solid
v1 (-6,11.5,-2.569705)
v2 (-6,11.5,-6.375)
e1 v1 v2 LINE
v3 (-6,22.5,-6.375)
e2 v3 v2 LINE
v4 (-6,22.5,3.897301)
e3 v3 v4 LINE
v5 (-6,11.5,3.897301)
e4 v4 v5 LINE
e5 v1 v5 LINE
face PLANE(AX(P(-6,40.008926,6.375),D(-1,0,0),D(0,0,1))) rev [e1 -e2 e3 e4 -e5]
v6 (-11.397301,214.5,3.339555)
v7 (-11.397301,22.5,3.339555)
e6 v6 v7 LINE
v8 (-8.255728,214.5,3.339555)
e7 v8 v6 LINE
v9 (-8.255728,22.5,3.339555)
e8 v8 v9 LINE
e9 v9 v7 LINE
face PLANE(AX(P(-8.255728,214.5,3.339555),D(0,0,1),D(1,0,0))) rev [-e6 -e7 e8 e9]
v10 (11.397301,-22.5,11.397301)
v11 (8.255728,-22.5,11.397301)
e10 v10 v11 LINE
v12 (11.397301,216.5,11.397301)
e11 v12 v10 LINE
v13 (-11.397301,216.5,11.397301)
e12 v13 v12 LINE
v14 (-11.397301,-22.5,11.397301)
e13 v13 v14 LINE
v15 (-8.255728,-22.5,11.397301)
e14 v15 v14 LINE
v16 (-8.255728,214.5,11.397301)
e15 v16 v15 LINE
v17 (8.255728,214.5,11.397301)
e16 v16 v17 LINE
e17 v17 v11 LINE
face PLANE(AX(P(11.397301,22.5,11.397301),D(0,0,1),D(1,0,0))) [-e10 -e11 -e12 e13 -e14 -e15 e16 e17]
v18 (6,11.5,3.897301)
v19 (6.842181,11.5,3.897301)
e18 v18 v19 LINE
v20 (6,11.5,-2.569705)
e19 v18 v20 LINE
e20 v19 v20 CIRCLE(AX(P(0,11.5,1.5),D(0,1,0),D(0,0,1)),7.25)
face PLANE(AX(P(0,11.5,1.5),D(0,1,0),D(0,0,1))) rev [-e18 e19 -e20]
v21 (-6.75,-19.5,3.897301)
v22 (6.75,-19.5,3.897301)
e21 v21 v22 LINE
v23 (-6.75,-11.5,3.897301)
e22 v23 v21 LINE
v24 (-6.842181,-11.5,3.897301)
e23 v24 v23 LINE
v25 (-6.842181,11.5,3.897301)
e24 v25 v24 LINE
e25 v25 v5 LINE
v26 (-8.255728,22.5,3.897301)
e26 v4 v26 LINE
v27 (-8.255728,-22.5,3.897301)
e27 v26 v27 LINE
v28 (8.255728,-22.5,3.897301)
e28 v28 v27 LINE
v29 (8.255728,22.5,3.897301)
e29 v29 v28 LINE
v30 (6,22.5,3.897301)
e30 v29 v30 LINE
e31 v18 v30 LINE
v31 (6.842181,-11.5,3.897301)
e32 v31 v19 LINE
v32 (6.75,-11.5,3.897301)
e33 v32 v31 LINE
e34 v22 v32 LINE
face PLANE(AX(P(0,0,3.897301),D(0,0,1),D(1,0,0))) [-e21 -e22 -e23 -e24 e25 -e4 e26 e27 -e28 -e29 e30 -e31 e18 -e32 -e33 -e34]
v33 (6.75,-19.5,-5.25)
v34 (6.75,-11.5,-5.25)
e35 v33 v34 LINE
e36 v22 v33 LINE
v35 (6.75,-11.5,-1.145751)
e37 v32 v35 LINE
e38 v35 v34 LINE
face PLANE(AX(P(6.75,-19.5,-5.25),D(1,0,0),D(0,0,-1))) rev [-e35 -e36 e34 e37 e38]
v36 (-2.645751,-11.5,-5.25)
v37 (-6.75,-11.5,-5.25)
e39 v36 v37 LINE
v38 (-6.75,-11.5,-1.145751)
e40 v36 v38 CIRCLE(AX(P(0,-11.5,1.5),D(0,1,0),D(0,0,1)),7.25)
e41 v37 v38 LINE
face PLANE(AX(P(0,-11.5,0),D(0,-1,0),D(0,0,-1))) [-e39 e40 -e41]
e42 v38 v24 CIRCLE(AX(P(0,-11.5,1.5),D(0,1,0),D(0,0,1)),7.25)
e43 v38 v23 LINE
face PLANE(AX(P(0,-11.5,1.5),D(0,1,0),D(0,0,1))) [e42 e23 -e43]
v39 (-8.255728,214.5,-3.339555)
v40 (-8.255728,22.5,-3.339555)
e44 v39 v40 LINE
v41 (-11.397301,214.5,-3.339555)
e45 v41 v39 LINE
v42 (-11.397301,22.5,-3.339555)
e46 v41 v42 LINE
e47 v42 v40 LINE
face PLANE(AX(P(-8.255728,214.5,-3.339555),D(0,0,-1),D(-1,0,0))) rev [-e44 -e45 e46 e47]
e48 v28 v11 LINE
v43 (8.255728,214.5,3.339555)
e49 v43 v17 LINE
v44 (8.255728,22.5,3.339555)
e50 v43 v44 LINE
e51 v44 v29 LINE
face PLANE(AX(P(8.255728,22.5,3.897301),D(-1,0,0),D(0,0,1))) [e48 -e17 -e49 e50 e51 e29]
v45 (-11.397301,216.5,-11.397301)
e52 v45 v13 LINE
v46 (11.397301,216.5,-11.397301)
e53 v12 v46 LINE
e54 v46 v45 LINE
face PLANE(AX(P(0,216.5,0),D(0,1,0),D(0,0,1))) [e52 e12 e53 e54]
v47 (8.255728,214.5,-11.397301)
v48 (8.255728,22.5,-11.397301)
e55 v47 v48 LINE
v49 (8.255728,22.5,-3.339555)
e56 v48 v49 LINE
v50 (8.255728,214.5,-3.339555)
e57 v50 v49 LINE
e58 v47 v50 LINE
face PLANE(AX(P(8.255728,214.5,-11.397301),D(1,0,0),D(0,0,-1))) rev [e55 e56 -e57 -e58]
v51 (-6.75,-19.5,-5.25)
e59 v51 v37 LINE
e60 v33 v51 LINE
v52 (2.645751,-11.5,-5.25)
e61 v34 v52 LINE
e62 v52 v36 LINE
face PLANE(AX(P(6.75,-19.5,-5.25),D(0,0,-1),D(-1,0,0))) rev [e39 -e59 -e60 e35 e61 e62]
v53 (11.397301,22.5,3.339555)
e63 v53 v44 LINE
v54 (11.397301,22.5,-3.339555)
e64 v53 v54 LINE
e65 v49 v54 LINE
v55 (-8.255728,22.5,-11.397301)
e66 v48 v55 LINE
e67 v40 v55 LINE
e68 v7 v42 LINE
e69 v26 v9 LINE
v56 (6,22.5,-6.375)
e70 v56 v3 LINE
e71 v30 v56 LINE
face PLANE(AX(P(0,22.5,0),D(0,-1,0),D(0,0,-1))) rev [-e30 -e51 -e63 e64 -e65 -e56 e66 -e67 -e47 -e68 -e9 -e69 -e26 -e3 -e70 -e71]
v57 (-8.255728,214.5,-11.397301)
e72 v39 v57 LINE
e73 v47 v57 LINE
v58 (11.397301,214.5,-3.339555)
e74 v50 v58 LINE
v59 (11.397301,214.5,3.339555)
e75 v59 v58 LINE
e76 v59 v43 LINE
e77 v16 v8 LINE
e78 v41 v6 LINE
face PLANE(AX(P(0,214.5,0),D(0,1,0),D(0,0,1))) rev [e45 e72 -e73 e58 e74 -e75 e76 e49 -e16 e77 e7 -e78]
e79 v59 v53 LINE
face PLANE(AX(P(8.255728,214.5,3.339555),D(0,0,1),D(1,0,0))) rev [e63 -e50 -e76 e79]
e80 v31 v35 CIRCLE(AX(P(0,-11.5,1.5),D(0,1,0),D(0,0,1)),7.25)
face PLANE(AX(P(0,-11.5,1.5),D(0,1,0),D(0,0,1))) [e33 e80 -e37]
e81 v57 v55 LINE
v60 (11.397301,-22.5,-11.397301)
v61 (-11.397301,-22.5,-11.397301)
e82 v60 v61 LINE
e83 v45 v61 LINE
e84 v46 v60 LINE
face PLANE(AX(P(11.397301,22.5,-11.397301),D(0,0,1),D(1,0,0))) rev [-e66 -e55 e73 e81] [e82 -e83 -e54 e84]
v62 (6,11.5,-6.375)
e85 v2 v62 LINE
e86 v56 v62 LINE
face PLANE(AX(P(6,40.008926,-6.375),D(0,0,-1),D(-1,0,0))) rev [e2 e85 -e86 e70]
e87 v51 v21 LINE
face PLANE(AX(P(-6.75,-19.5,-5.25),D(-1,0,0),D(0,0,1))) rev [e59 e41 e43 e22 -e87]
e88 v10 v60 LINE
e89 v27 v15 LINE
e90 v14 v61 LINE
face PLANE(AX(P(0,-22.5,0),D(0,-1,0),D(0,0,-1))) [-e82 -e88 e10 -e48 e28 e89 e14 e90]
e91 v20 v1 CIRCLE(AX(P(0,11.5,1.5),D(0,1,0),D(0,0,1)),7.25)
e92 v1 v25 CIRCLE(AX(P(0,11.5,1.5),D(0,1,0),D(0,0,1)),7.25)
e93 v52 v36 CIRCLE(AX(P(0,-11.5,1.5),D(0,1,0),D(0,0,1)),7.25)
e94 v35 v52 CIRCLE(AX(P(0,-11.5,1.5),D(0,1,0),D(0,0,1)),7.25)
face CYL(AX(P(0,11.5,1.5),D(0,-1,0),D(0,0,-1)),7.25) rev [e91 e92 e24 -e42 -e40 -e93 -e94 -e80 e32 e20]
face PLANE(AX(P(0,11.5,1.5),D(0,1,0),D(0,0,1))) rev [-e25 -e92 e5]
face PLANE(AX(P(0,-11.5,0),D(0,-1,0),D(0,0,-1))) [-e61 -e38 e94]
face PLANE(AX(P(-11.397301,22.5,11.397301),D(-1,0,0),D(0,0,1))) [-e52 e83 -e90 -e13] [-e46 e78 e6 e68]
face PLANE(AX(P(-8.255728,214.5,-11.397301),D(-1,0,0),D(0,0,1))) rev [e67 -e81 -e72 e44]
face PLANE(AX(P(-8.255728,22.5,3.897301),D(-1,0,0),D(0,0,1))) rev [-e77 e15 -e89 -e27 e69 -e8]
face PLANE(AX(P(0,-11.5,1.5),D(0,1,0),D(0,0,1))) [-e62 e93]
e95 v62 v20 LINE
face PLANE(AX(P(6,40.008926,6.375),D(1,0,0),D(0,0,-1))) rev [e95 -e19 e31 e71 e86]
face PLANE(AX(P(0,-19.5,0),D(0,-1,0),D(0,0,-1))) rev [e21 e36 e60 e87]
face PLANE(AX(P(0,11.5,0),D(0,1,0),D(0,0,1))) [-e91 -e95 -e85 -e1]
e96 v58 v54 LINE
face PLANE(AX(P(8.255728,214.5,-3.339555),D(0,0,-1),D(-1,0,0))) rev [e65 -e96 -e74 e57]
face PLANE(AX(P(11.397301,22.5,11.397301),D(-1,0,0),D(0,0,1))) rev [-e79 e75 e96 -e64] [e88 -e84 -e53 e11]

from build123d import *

# Parameters (mm, degrees)
SKETCH1_W           = 22.794602658
SKETCH1_H           = 22.794602658
BOSS_EXTRUDE1_DEPTH = 22.5
SKETCH2_R           = 7.25
CUT_EXTRUDE1_DEPTH  = 11.5
SKETCH4_W           = 16.511455896
SKETCH4_H           = 45
CUT_EXTRUDE2_DEPTH  = 7.5
SKETCH6_W           = 3.141573381
SKETCH6_H           = 8.057746469
BOSS_EXTRUDE2_DEPTH = 192
SKETCH8_W           = 22.794602658
SKETCH8_H           = 22.794602658
BOSS_EXTRUDE3_DEPTH = 2
SKETCH10_W          = 12
SKETCH10_H          = 12.75
CUT_EXTRUDE4_DEPTH  = 11
SKETCH11_W          = 13.5
SKETCH11_H          = 13.5
CUT_EXTRUDE5_DEPTH  = 8


with BuildPart() as part:
    # Sketch1 → Boss-Extrude1 (new, symmetric)
    with BuildSketch(Plane(origin=(0, 0, 0), x_dir=(1, 0, 0), z_dir=(0, 1, 0))):
        Rectangle(SKETCH1_W, SKETCH1_H)
    extrude(amount=BOSS_EXTRUDE1_DEPTH, both=True)

    # Sketch2 → Cut-Extrude1 (cut, symmetric)
    with BuildSketch(Plane(origin=(0, 0, 0), x_dir=(1, 0, 0), z_dir=(0, 1, 0))):
        with Locations(Location((0, -1.5, 0), (0, 0, 270))):
            Circle(SKETCH2_R)
    extrude(amount=CUT_EXTRUDE1_DEPTH, both=True, mode=Mode.SUBTRACT)

    # Sketch4 → Cut-Extrude2 (cut, symmetric)
    with BuildSketch(Plane.XY.offset(11.397301329)):
        Rectangle(SKETCH4_W, SKETCH4_H)
    extrude(amount=CUT_EXTRUDE2_DEPTH, both=True, mode=Mode.SUBTRACT)

    # Sketch6 → Boss-Extrude2 (add)
    with BuildSketch(Plane(origin=(0, 22.5, 0), x_dir=(1, 0, 0), z_dir=(0, 1, 0))):
        with Locations((-9.826514639, 7.368428095)):
            Rectangle(SKETCH6_W, SKETCH6_H)
        with Locations((9.826514639, 7.368428095)):
            Rectangle(SKETCH6_W, SKETCH6_H)
        with Locations((-9.826514639, -7.368428095)):
            Rectangle(SKETCH6_W, SKETCH6_H)
        with Locations((9.826514639, -7.368428095)):
            Rectangle(SKETCH6_W, SKETCH6_H)
    extrude(amount=BOSS_EXTRUDE2_DEPTH)

    # Sketch8 → Boss-Extrude3 (add)
    with BuildSketch(Plane(origin=(0, 214.5, 0), x_dir=(1, 0, 0), z_dir=(0, 1, 0))):
        Rectangle(SKETCH8_W, SKETCH8_H)
    extrude(amount=BOSS_EXTRUDE3_DEPTH)

    # Sketch10 → Cut-Extrude4 (cut)
    with BuildSketch(Plane.XZ.offset(-11.5)):
        Rectangle(SKETCH10_W, SKETCH10_H)
    extrude(amount=-CUT_EXTRUDE4_DEPTH, mode=Mode.SUBTRACT)

    # Sketch11 → Cut-Extrude5 (cut)
    with BuildSketch(Plane(origin=(0, -11.5, 0), x_dir=(1, 0, 0), z_dir=(0, 1, 0))):
        with Locations((0, -1.5)):
            Rectangle(SKETCH11_W, SKETCH11_H)
    extrude(amount=-CUT_EXTRUDE5_DEPTH, mode=Mode.SUBTRACT)


solid = part.part
